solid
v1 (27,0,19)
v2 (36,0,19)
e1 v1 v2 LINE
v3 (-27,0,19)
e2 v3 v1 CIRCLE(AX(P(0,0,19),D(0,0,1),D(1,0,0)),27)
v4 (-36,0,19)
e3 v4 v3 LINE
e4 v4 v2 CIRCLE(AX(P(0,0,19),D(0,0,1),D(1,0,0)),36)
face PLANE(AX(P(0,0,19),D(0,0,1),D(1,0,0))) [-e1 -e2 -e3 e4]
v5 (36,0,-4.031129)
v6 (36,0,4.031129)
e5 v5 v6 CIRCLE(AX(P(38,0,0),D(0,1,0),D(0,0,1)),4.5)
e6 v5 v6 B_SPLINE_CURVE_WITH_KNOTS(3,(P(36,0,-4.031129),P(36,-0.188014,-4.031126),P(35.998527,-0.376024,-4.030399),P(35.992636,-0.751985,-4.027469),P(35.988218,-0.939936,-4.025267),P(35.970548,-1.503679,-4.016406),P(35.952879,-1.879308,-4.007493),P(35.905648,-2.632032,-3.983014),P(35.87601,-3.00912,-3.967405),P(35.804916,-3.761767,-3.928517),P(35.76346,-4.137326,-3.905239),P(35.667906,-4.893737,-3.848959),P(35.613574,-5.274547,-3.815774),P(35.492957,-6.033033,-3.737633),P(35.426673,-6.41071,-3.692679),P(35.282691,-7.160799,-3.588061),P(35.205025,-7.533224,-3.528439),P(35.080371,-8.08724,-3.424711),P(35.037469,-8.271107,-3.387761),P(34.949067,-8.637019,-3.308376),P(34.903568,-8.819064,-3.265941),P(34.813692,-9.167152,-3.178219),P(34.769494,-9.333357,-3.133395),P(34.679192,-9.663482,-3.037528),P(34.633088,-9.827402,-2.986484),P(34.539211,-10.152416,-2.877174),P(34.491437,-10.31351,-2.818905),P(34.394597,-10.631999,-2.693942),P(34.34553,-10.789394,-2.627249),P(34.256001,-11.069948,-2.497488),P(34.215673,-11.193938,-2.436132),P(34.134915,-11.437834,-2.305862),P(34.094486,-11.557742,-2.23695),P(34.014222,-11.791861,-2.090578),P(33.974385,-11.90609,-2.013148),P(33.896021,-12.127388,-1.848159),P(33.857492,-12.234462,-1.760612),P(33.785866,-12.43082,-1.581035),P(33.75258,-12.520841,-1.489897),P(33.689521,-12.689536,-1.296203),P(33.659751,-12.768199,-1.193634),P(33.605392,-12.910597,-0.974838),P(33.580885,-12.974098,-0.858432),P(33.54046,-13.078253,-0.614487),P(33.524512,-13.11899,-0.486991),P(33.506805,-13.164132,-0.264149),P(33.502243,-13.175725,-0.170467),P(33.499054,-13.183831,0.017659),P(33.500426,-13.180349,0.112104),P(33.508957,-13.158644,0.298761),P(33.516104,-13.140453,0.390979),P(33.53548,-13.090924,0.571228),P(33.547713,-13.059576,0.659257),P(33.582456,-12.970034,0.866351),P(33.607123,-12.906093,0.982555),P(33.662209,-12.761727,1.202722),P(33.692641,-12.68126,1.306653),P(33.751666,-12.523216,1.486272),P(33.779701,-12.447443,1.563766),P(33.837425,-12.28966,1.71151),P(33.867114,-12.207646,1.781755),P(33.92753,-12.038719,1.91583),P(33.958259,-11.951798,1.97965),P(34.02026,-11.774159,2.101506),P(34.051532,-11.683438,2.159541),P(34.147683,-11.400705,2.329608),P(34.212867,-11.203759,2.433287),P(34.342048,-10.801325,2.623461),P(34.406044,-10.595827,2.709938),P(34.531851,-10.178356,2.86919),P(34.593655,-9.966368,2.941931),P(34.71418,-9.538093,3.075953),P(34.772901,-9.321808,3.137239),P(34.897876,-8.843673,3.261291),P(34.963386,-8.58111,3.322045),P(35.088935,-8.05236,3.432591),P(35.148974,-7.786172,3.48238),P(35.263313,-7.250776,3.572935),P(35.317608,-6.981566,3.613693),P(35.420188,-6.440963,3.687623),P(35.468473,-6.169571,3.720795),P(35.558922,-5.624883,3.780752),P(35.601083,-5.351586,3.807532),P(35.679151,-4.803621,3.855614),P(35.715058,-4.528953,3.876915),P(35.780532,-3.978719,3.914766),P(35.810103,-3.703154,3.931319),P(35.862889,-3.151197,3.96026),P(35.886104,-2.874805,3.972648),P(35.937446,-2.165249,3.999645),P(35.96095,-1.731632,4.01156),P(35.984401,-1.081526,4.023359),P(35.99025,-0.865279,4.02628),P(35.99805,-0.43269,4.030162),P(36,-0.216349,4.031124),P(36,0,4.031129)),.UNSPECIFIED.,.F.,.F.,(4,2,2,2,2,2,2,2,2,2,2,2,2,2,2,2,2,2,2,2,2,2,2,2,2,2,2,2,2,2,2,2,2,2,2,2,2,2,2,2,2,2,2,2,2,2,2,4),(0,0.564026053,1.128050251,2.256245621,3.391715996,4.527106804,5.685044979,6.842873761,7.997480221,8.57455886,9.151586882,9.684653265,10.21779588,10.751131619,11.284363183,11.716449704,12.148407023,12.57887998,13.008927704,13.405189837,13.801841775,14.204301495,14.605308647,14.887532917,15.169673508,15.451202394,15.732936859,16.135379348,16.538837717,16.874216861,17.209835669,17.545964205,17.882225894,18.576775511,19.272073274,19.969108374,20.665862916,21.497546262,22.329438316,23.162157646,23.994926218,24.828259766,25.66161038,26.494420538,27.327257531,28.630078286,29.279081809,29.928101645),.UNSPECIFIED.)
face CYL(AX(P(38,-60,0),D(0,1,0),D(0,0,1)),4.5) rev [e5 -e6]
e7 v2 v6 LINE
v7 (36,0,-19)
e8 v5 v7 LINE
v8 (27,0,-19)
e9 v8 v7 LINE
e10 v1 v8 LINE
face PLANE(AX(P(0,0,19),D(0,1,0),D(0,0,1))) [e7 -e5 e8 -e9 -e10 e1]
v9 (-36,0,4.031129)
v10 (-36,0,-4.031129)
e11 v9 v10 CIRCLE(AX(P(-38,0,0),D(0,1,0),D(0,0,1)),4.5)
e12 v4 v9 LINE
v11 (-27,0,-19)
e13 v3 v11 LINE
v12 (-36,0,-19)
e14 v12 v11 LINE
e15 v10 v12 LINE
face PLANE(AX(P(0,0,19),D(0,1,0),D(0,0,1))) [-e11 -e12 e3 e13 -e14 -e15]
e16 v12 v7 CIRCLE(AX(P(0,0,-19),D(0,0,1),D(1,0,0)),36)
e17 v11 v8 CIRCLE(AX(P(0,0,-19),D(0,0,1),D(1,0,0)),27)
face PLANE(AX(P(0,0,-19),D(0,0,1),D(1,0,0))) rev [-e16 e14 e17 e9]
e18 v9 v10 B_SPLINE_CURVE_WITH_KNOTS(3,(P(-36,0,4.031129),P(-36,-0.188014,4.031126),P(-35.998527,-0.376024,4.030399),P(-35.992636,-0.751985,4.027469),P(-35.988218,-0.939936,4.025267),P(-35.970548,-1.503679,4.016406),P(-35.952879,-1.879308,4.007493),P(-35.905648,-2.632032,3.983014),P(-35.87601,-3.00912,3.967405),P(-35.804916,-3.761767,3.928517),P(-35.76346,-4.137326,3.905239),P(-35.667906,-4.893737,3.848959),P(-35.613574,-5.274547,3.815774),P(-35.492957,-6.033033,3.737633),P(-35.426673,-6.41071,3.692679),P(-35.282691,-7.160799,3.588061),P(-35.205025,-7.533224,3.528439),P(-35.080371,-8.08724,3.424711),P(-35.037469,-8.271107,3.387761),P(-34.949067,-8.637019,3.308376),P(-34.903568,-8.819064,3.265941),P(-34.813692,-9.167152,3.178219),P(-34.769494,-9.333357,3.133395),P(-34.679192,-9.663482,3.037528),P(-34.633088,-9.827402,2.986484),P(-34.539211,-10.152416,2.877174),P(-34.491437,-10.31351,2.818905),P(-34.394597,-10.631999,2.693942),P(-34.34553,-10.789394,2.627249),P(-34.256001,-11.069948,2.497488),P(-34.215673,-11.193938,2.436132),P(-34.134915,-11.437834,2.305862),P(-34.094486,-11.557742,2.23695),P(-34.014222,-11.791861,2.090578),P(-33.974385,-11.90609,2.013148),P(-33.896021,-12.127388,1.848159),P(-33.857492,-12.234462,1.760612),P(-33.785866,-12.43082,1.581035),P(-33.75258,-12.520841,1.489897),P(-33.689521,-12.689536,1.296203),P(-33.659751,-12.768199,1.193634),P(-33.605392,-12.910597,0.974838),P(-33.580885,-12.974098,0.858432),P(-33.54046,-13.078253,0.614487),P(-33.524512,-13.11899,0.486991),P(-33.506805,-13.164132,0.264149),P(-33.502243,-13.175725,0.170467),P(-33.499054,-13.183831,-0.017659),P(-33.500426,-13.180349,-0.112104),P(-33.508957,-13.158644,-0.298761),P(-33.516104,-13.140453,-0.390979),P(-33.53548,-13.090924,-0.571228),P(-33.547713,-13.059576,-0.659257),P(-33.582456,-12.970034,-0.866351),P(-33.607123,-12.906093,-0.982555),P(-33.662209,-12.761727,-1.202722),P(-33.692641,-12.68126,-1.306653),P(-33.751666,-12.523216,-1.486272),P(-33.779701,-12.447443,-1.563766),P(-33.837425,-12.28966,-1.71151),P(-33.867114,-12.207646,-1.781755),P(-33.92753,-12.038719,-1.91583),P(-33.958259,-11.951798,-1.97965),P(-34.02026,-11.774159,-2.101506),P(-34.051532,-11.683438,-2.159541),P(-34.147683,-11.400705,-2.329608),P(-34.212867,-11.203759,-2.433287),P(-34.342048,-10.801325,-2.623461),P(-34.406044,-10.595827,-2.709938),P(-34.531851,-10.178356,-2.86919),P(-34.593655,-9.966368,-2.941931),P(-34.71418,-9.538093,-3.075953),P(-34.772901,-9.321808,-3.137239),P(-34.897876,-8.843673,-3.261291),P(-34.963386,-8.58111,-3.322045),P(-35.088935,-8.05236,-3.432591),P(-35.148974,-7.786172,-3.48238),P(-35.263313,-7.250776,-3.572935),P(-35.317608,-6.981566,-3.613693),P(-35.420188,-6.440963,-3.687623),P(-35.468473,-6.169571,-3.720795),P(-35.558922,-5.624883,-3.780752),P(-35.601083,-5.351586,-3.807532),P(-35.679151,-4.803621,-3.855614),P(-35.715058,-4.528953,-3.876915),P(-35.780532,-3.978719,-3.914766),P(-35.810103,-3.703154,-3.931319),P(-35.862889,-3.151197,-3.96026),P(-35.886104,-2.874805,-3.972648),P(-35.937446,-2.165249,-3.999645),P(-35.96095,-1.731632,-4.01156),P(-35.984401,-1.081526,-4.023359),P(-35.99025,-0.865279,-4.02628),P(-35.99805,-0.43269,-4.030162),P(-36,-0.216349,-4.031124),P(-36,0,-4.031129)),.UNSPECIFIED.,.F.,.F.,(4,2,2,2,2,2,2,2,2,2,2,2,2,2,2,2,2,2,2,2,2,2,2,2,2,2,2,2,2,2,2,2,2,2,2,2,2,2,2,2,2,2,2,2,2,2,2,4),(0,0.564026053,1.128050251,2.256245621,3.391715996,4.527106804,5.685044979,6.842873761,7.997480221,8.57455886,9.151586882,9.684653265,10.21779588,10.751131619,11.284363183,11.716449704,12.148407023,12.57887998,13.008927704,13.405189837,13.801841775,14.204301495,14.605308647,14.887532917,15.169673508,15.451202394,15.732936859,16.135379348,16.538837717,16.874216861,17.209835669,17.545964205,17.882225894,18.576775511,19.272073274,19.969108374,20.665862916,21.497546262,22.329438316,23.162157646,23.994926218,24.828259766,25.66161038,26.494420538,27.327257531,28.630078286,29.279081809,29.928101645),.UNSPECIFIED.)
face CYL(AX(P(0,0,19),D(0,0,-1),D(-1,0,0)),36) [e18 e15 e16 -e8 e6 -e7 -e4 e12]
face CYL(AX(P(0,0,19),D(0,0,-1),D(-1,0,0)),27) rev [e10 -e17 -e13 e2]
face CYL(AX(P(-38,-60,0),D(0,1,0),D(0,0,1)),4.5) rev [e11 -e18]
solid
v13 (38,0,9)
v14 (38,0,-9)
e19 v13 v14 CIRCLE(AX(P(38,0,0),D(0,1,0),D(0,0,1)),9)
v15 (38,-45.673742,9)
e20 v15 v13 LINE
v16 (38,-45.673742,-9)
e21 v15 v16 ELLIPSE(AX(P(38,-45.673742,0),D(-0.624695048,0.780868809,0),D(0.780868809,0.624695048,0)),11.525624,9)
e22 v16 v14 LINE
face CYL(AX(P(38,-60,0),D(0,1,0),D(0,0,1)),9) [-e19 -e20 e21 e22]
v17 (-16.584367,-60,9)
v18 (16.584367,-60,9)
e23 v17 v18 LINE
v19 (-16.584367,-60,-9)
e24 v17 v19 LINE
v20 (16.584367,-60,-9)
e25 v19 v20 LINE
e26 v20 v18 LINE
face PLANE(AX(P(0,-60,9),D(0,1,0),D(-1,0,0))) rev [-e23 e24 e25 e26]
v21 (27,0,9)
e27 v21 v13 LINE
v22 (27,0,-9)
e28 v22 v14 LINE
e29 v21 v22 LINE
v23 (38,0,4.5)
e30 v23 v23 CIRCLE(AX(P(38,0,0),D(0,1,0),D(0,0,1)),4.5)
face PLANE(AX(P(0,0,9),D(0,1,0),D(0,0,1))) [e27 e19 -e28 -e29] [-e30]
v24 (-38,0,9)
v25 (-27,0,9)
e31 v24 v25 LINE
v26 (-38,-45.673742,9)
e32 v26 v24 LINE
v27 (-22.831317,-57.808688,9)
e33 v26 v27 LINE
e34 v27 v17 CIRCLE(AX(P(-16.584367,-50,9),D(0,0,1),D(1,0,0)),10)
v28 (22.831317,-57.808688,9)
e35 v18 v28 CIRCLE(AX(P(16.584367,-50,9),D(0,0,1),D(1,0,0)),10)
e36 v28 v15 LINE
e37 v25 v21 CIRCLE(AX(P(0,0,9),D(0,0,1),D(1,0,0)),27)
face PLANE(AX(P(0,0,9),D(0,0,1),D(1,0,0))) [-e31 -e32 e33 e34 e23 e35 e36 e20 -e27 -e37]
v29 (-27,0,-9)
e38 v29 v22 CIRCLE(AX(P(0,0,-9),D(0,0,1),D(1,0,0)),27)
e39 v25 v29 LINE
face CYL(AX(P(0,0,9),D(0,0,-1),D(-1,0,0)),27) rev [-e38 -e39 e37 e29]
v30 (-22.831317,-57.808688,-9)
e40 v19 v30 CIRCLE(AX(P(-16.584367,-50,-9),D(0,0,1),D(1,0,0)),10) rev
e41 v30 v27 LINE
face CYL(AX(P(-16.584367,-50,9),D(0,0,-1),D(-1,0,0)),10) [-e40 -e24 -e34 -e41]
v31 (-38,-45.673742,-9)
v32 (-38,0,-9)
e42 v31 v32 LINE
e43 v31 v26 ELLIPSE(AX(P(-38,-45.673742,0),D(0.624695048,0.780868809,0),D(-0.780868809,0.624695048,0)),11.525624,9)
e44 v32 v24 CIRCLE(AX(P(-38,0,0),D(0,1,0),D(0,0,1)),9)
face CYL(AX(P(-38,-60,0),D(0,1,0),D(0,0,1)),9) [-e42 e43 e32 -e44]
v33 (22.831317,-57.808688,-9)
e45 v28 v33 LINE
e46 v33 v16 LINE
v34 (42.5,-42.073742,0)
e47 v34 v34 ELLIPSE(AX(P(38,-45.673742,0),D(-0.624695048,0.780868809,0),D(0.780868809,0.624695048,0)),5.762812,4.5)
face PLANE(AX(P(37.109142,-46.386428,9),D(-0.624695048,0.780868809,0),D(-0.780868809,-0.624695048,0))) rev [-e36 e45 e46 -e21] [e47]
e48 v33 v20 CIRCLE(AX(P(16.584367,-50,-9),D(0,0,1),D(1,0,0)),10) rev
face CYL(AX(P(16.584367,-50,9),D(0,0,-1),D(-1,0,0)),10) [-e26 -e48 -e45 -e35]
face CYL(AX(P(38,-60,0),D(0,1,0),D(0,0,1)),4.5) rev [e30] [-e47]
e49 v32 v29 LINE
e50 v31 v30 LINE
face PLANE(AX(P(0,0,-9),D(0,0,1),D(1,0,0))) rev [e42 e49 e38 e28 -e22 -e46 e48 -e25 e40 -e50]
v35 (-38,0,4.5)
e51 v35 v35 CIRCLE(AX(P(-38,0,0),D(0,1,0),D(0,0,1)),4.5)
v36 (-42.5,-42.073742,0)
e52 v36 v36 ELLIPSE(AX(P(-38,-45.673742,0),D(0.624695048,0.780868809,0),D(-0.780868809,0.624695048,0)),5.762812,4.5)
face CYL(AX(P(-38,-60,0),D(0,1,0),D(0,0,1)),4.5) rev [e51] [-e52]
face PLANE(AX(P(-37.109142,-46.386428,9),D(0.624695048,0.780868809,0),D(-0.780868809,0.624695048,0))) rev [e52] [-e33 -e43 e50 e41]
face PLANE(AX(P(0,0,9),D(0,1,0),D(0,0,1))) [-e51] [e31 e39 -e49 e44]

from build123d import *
from build123d.topology import SkipClean

# Parameters (mm, degrees)
BOSS_EXTRUDE1_DEPTH = 9
BOSS_EXTRUDE2_DEPTH = 19
SKETCH3_R           = 4.5
CUT_EXTRUDE1_DEPTH  = 60
CUT_EXTRUDE2_DEPTH  = 60
BOSS_EXTRUDE4_DEPTH = 60
CUT_EXTRUDE3_DEPTH  = 30
FILLET1_R           = 10


with BuildPart() as part:
    # Sketch1 → Boss-Extrude1 (new, symmetric)
    with BuildSketch(Plane.XY):
        with BuildLine():
            Line((-45.092177379, 0), (-45.092177379, -40))
            Line((-45.092177379, -40), (-20.092177379, -60))
            Line((-20.092177379, -60), (20.092177379, -60))
            Line((20.092177379, -60), (45.092177379, -40))
            Line((45.092177379, -40), (45.092177379, 0))
            Line((45.092177379, 0), (27, 0))
            ThreePointArc((27, 0), (0, -27), (-27, 0))
            Line((-27, 0), (-45.092177379, 0))
        make_face()
    extrude(amount=BOSS_EXTRUDE1_DEPTH, both=True)


with BuildPart() as body_2:
    # Sketch1<4> → Boss-Extrude2 (new, symmetric)
    with BuildSketch(Plane.XY):
        with BuildLine():
            Line((-27, 0), (-36, 0))
            ThreePointArc((-36, 0), (0, -36), (36, 0))
            Line((36, 0), (27, 0))
            ThreePointArc((27, 0), (0, -27), (-27, 0))
        make_face()
    extrude(amount=BOSS_EXTRUDE2_DEPTH, both=True)


with BuildPart() as cut_extrude1_tool:
    # Sketch3 → Cut-Extrude1 (new body)
    with BuildSketch(Plane(origin=(0, 0, 0), x_dir=(1, 0, 0), z_dir=(0, 1, 0))):
        with Locations((-38, 0)):
            Circle(SKETCH3_R)
        with Locations((38, 0)):
            Circle(SKETCH3_R)
    extrude(amount=-CUT_EXTRUDE1_DEPTH)


with BuildPart() as part_1:
    add(part.part)

    # Cut-Extrude1: cut by cut_extrude1_tool
    add(cut_extrude1_tool.part, mode=Mode.SUBTRACT)

    # Sketch3<4> → Cut-Extrude2 (cut)
    with BuildSketch(Plane(origin=(0, 0, 0), x_dir=(1, 0, 0), z_dir=(0, 1, 0))):
        with BuildLine():
            ThreePointArc((-45.092177379, 5.540850117), (-41.945399152, 8.089117722), (-38, 9))
            Line((-38, 9), (-45.092177379, 9))
            Line((-45.092177379, 9), (-45.092177379, 5.540850117))
        make_face()
        with BuildLine():
            ThreePointArc((-38, -9), (-41.945399152, -8.089117722), (-45.092177379, -5.540850117))
            Line((-45.092177379, -5.540850117), (-45.092177379, -9))
            Line((-45.092177379, -9), (-38, -9))
        make_face()
        with BuildLine():
            Line((45.092177379, 9), (38, 9))
            ThreePointArc((38, 9), (41.945399152, 8.089117722), (45.092177379, 5.540850117))
            Line((45.092177379, 5.540850117), (45.092177379, 9))
        make_face()
        with BuildLine():
            ThreePointArc((45.092177379, -5.540850117), (41.945399152, -8.089117722), (38, -9))
            Line((38, -9), (45.092177379, -9))
            Line((45.092177379, -9), (45.092177379, -5.540850117))
        make_face()
    extrude(amount=-CUT_EXTRUDE2_DEPTH, mode=Mode.SUBTRACT)

    # Sketch3<6> → Boss-Extrude4 (add)
    with SkipClean():  # the faces are left unmerged after this step: merging them gives an invalid solid
        with BuildSketch(Plane(origin=(0, 0, 0), x_dir=(1, 0, 0), z_dir=(0, 1, 0))):
            with BuildLine():
                Line((-45.092177379, -5.540850117), (-45.092177379, 5.540850117))
                ThreePointArc((-45.092177379, 5.540850117), (-47, 0), (-45.092177379, -5.540850117))
            make_face()
            with BuildLine():
                ThreePointArc((45.092177379, -5.540850117), (47, 0), (45.092177379, 5.540850117))
                Line((45.092177379, 5.540850117), (45.092177379, -5.540850117))
            make_face()
        extrude(amount=-BOSS_EXTRUDE4_DEPTH)

    # Sketch6 → Cut-Extrude3 (cut, symmetric)
    with SkipClean():  # the faces are left unmerged after this step: merging them gives an invalid solid
        with BuildSketch(Plane.XY):
            Polygon((-20.092177379, -60), (-62.463966669, -26.102568568), (-62.463966669, -60), align=None)
            Polygon((20.092177379, -60), (65.92187812, -23.336239407), (69.819094965, -60), align=None)
        extrude(amount=CUT_EXTRUDE3_DEPTH, both=True, mode=Mode.SUBTRACT)

    # Fillet1
    fillet1_edges = [part_1.edges().sort_by_distance(p)[0] for p in [
        (20.092177379, -60, 0),
        (-20.092177379, -60, 0),
    ]]
    fillet(fillet1_edges, radius=FILLET1_R)


with BuildPart() as body_2_1:
    add(body_2.part)

    # Cut-Extrude1: cut by cut_extrude1_tool
    add(cut_extrude1_tool.part, mode=Mode.SUBTRACT)


solid = Compound([part_1.part, body_2_1.part])
